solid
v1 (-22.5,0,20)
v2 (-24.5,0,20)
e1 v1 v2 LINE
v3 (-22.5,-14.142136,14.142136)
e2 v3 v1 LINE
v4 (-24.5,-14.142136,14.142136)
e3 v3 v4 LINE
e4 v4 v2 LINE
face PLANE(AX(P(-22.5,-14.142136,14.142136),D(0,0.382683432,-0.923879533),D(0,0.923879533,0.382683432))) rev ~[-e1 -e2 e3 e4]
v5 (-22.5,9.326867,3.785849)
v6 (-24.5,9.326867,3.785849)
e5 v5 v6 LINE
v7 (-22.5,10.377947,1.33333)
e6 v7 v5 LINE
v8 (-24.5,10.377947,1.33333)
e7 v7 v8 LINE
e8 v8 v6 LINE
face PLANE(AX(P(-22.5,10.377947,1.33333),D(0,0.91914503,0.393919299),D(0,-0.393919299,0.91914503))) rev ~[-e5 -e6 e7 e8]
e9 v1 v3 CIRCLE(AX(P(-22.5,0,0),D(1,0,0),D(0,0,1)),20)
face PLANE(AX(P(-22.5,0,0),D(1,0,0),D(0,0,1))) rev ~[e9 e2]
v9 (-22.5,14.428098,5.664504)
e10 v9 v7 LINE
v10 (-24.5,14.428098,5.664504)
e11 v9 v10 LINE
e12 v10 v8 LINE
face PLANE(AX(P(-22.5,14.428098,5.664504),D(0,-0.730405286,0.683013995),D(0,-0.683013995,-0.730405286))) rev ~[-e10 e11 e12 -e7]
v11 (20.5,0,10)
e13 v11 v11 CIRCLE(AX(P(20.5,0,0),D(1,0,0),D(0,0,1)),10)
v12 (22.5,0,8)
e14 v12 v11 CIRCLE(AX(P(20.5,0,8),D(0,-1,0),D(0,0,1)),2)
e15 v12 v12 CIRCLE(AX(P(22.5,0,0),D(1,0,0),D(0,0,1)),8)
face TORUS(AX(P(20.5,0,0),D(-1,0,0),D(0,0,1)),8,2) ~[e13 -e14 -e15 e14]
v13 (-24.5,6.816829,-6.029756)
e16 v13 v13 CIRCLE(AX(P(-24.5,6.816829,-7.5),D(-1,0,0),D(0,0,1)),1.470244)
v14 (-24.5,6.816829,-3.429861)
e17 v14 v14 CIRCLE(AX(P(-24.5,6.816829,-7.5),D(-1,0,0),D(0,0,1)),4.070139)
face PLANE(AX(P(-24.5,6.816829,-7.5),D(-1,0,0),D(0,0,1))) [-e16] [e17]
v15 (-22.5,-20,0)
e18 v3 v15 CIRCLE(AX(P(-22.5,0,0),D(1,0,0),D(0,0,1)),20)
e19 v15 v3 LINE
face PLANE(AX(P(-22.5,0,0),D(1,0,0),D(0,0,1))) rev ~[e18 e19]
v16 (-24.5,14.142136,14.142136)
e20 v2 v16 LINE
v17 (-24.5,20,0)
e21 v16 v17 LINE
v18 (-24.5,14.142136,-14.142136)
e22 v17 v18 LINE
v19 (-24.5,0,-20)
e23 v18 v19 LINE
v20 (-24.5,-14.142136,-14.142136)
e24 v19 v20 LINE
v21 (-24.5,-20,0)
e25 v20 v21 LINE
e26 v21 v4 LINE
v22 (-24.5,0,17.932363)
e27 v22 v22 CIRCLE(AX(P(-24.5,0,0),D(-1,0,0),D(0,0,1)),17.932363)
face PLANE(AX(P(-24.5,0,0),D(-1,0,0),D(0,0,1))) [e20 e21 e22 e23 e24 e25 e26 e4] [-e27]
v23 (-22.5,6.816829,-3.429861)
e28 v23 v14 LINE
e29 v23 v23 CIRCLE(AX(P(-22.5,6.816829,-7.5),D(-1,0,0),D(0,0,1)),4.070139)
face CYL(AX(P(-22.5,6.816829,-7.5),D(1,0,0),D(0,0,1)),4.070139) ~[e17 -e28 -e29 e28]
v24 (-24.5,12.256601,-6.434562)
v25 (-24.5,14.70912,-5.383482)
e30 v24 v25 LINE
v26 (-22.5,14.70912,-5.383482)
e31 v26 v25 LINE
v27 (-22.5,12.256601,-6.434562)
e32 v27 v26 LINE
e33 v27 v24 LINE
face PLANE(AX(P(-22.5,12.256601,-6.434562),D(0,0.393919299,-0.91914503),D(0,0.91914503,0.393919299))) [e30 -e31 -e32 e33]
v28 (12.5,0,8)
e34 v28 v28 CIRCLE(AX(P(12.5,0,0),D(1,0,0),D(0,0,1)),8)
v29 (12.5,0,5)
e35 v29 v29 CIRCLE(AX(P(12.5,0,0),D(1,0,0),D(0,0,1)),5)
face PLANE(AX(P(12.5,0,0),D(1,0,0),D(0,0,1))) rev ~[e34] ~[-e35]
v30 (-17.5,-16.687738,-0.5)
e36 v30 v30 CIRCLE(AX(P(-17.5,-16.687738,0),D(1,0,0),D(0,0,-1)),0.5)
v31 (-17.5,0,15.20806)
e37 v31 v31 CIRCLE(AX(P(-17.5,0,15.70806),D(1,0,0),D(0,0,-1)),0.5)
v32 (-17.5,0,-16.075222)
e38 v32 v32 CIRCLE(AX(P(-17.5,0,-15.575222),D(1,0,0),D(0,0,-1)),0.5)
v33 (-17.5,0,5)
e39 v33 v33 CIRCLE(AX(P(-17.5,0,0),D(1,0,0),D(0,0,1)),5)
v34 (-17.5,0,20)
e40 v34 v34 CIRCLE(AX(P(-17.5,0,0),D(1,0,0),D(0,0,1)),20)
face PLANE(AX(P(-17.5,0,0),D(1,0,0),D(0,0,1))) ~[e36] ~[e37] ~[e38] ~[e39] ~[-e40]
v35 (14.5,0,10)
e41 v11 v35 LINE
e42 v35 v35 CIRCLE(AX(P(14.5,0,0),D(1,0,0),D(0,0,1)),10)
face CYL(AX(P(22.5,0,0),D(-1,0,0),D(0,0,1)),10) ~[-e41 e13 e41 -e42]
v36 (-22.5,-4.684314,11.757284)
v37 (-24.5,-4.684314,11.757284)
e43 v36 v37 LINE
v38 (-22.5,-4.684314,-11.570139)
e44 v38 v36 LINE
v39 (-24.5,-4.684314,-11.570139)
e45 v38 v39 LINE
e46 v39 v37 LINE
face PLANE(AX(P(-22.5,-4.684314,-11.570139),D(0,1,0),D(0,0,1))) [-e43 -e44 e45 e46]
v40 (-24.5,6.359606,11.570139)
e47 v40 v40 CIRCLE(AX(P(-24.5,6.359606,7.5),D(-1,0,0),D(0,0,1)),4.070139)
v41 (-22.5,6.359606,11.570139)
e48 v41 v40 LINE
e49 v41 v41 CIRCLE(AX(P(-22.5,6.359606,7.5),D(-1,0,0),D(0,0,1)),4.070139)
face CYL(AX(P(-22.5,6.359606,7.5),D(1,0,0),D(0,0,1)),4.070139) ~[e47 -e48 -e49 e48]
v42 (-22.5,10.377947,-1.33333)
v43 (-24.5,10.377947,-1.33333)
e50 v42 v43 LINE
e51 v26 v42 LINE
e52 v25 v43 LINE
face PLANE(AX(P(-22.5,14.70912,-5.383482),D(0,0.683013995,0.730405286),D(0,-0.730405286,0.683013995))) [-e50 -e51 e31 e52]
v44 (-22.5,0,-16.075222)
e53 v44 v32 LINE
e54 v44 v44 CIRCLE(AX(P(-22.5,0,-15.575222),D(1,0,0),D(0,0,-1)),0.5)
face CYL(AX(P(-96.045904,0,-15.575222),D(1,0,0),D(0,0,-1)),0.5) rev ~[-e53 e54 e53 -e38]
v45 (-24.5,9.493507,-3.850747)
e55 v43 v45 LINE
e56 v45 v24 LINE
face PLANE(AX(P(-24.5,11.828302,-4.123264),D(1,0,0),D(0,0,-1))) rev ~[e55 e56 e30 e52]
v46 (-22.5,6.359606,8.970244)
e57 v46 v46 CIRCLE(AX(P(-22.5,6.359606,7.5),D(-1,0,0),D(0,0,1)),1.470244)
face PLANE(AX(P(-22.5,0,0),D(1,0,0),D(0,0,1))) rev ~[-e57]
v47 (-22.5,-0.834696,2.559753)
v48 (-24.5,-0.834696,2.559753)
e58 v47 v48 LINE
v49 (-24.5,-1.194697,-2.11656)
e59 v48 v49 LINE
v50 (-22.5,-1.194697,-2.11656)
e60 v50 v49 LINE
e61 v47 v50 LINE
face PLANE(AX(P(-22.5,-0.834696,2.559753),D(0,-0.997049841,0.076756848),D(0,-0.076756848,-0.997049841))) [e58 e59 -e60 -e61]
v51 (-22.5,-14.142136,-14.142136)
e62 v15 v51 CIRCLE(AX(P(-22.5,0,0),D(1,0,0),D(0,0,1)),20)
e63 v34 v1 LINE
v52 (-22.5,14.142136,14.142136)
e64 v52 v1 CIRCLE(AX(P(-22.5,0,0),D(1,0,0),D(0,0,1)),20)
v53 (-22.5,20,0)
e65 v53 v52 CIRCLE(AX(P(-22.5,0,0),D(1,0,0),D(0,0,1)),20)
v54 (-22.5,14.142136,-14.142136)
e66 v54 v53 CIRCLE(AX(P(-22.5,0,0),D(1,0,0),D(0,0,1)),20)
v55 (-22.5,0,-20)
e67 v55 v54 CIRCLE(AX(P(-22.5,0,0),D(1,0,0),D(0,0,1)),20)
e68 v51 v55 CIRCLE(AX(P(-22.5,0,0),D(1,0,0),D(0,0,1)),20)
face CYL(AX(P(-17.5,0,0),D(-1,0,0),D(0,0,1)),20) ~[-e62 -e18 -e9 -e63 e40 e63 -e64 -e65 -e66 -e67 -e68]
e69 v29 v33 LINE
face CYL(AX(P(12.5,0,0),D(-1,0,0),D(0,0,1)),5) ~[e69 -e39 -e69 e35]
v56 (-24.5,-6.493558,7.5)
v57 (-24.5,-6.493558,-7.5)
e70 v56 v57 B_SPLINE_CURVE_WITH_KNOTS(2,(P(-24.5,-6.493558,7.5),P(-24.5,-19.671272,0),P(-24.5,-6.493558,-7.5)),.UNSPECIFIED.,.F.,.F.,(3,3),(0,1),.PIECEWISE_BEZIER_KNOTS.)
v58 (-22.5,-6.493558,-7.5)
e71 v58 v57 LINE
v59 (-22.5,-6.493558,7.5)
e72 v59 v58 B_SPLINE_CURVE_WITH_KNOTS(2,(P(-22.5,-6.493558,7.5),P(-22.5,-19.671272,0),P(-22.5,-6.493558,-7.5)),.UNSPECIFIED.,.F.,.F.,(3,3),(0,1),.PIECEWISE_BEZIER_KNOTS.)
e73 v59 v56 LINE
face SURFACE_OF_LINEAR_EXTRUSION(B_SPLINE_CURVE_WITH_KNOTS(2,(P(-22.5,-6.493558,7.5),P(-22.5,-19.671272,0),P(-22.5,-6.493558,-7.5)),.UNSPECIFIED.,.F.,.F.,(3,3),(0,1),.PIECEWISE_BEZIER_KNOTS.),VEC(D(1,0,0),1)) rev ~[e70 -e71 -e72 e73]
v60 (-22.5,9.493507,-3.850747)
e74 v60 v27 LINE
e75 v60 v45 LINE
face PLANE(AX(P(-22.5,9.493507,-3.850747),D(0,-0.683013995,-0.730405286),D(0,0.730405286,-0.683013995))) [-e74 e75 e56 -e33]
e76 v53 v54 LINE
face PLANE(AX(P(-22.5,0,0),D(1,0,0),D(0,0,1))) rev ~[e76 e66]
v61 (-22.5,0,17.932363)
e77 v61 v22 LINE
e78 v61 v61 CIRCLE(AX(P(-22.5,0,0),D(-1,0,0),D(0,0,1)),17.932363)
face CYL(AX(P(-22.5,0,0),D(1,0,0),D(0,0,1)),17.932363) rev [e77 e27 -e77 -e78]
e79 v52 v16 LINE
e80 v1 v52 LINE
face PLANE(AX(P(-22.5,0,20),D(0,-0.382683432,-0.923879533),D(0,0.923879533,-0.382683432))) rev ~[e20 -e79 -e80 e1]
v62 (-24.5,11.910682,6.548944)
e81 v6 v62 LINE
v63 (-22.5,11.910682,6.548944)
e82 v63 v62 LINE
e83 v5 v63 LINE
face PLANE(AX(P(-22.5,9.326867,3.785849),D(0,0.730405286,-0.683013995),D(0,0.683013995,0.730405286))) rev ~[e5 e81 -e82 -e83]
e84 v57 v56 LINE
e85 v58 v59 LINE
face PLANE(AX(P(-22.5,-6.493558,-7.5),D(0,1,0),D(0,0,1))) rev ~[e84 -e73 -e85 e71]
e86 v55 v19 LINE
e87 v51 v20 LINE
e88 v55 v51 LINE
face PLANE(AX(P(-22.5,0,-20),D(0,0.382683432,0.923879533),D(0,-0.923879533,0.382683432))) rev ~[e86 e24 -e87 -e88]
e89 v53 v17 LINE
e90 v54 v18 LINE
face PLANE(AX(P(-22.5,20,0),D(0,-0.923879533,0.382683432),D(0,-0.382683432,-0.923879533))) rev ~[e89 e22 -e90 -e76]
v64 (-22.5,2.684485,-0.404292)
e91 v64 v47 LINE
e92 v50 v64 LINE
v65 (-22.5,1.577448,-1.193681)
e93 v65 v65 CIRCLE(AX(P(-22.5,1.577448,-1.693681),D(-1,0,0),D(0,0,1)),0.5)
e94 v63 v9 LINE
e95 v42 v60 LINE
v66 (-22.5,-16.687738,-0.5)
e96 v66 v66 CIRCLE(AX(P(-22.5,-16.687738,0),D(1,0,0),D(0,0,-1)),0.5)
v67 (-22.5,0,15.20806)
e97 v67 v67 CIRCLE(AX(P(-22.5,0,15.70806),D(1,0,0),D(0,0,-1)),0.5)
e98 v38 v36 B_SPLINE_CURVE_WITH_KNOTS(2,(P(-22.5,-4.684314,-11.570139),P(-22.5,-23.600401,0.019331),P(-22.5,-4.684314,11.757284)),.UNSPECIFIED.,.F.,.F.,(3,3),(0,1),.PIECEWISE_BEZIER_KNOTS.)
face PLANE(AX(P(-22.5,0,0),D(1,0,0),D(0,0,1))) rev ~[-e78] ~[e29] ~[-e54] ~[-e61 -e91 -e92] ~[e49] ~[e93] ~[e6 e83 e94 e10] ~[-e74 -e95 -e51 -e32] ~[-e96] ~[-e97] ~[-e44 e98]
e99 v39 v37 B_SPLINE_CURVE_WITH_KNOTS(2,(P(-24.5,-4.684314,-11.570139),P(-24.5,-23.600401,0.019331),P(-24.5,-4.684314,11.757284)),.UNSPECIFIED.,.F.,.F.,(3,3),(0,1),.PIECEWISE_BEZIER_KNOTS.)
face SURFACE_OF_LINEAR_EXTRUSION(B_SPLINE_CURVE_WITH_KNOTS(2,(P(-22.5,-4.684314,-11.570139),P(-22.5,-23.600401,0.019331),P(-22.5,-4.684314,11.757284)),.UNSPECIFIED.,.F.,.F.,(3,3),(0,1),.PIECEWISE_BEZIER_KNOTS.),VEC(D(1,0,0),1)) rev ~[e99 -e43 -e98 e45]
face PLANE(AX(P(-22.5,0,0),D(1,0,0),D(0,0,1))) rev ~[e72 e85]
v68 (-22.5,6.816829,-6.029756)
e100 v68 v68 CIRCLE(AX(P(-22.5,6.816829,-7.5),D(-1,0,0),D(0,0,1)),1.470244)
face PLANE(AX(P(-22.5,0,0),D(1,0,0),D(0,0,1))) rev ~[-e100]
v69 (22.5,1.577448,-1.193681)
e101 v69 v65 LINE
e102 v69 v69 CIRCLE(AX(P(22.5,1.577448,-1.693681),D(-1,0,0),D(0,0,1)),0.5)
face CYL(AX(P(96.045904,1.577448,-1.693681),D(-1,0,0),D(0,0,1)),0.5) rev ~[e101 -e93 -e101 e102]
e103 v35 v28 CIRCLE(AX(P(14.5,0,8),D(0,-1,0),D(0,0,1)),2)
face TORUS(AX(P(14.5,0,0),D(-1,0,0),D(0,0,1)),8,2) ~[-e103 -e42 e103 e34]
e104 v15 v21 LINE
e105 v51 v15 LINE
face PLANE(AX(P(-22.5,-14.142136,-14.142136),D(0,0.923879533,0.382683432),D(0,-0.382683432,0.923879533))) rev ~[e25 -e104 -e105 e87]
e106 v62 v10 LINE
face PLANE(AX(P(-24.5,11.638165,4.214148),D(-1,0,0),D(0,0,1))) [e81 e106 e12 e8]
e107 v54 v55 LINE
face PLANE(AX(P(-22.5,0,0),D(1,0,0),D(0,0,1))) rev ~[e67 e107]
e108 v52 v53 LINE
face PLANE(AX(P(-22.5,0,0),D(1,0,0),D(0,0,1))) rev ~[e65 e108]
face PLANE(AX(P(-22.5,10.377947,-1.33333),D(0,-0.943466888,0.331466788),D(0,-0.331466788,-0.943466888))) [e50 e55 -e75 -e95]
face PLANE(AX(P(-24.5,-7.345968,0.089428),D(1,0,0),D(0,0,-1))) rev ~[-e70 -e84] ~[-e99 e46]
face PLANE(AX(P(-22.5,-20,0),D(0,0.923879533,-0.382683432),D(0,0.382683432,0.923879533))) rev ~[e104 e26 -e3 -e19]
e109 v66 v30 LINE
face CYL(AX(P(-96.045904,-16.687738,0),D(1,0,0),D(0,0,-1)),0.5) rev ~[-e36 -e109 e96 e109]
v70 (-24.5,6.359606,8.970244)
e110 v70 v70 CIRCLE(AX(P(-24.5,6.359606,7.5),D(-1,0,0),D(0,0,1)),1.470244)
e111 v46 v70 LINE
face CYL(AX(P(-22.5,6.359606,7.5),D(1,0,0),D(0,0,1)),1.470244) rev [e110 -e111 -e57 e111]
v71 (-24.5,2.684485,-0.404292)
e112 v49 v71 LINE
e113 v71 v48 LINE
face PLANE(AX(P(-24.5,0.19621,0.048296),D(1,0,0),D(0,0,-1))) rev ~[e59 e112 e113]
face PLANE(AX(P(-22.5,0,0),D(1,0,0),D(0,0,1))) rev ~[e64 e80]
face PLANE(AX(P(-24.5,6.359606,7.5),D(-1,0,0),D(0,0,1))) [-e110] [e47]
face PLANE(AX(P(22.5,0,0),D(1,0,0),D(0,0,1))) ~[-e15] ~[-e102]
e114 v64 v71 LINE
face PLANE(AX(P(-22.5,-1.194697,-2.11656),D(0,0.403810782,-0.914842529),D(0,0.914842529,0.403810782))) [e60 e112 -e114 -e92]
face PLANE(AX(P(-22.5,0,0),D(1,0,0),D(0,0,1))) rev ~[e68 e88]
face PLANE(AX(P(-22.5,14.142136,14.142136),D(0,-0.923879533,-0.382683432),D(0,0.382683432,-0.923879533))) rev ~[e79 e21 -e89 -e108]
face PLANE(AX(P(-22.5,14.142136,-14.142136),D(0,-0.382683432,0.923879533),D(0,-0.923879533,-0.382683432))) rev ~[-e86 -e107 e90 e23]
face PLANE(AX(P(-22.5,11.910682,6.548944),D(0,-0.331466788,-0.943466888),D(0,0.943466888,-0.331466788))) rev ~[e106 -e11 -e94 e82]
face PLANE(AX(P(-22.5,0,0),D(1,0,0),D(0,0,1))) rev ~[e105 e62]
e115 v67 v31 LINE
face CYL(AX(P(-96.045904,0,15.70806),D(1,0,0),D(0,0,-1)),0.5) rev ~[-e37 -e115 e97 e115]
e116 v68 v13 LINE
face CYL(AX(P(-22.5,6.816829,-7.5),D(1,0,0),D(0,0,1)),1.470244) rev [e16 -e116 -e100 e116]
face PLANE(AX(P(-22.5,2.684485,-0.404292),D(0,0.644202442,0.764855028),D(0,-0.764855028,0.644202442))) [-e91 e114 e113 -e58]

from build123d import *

# Parameters (mm, degrees)
FILLET7_R             = 2
FILLET8_R             = 2
SKETCH2_R             = 17.932362589
SKETCH2_R_2           = 4.070139316
SKETCH2_R_3           = 1.470244109
BOSS_EXTRUDE4_DEPTH   = 2
F_1_0MM_DOWEL_HOLE1_D = 1
F_1_0MM_DOWEL_HOLE3_D = 1


with BuildPart() as part:
    # Sketch1 → Revolve2 (revolve)
    with BuildSketch(Plane.XY, mode=Mode.PRIVATE) as revolve2_sk:
        Polygon((-22.5, 0), (22.5, 0), (22.5, 5), (22.5, 10), (12.5, 10), (12.5, 5), (-17.5, 5), (-17.5, 20), (-22.5, 20), align=None)
    revolve(revolve2_sk.sketch.rotate(Axis((-22.5, 0, 0), (1, 0, 0)), 90), axis=Axis((-22.5, 0, 0), (1, 0, 0)))

    # Fillet7
    fillet7_edges = [part.edges().sort_by_distance(p)[0] for p in [
        (22.5, 0, -10),
    ]]
    fillet(fillet7_edges, radius=FILLET7_R)

    # Fillet8
    fillet8_edges = [part.edges().sort_by_distance(p)[0] for p in [
        (12.5, 0, -10),
    ]]
    fillet(fillet8_edges, radius=FILLET8_R)

    # Sketch2 → Boss-Extrude4 (add)
    # profile 1 of 7: a face of its own
    with BuildSketch(Plane.ZY.offset(22.5)):
        Polygon((0, 20), (-14.142135624, 14.142135624), (-20, 0), (-14.142135624, -14.142135624), (0, -20), (14.142135624, -14.142135624), (20, 0), (14.142135624, 14.142135624), align=None)
        Circle(SKETCH2_R, mode=Mode.SUBTRACT)
    # profile 2 of 7: a face of its own
    with BuildSketch(Plane.ZY.offset(22.5)):
        with Locations((7.5, 6.359605711)):
            Circle(SKETCH2_R_2)
        with Locations((7.5, 6.359605711)):
            Circle(SKETCH2_R_3, mode=Mode.SUBTRACT)
    # profile 3 of 7: a face of its own
    with BuildSketch(Plane.ZY.offset(22.5)):
        with Locations((-7.5, 6.816829323)):
            Circle(SKETCH2_R_2)
        with Locations((-7.5, 6.816829323)):
            Circle(SKETCH2_R_3, mode=Mode.SUBTRACT)
    # profile 4 of 7: a face of its own
    with BuildSketch(Plane.ZY.offset(22.5)):
        Polygon((-5.383481764, 14.709120363), (-1.33333, 10.377946656), (-3.850746579, 9.493506516), (-6.434561549, 12.256600867), align=None)
    # profile 5 of 7: a face of its own
    with BuildSketch(Plane.ZY.offset(22.5)):
        with BuildLine():
            Line((-11.570139316, -4.68431352), (11.757283774, -4.68431352))
            add(Edge.make_bspline(
                [(-11.570139316, -4.68431352), (0.019330621, -23.600400847), (11.757283774, -4.68431352)],
                knots=[0, 0, 0, 1, 1, 1], degree=2))
        make_face()
        with BuildLine():
            Line((-7.5, -6.493557604), (7.5, -6.493557604))
            add(Edge.make_bspline(
                [(7.5, -6.493557604), (0, -19.67127169), (-7.5, -6.493557604)],
                knots=[0, 0, 0, 1, 1, 1], degree=2))
        make_face(mode=Mode.SUBTRACT)
    # profile 6 of 7: a face of its own
    with BuildSketch(Plane.ZY.offset(22.5)):
        Polygon((5.664503708, 14.42809842), (1.33333, 10.377946656), (3.785849496, 9.326866872), (6.548943848, 11.910681841), align=None)
    # profile 7 of 7: a face of its own
    with BuildSketch(Plane.ZY.offset(22.5)):
        Polygon((-0.404292244, 2.684485233), (2.559752906, -0.834695524), (-2.116560108, -1.19469663), align=None)
    extrude(amount=BOSS_EXTRUDE4_DEPTH)

    # Ø1.0mm Dowel Hole1 (through all)
    with Locations(Plane(origin=(22.5, 0, 0), x_dir=(0, 0, -1), z_dir=(1, 0, 0))):
        with Locations((1.693680894, 1.577447892)):
            Hole(F_1_0MM_DOWEL_HOLE1_D / 2)

    # Ø1.0mm Dowel Hole3 (through all)
    with Locations(Plane.ZY.offset(22.5)):
        with Locations((15.708060058, 0), (-15.575222341, 0), (0, -16.687738223)):
            Hole(F_1_0MM_DOWEL_HOLE3_D / 2)


solid = part.part
